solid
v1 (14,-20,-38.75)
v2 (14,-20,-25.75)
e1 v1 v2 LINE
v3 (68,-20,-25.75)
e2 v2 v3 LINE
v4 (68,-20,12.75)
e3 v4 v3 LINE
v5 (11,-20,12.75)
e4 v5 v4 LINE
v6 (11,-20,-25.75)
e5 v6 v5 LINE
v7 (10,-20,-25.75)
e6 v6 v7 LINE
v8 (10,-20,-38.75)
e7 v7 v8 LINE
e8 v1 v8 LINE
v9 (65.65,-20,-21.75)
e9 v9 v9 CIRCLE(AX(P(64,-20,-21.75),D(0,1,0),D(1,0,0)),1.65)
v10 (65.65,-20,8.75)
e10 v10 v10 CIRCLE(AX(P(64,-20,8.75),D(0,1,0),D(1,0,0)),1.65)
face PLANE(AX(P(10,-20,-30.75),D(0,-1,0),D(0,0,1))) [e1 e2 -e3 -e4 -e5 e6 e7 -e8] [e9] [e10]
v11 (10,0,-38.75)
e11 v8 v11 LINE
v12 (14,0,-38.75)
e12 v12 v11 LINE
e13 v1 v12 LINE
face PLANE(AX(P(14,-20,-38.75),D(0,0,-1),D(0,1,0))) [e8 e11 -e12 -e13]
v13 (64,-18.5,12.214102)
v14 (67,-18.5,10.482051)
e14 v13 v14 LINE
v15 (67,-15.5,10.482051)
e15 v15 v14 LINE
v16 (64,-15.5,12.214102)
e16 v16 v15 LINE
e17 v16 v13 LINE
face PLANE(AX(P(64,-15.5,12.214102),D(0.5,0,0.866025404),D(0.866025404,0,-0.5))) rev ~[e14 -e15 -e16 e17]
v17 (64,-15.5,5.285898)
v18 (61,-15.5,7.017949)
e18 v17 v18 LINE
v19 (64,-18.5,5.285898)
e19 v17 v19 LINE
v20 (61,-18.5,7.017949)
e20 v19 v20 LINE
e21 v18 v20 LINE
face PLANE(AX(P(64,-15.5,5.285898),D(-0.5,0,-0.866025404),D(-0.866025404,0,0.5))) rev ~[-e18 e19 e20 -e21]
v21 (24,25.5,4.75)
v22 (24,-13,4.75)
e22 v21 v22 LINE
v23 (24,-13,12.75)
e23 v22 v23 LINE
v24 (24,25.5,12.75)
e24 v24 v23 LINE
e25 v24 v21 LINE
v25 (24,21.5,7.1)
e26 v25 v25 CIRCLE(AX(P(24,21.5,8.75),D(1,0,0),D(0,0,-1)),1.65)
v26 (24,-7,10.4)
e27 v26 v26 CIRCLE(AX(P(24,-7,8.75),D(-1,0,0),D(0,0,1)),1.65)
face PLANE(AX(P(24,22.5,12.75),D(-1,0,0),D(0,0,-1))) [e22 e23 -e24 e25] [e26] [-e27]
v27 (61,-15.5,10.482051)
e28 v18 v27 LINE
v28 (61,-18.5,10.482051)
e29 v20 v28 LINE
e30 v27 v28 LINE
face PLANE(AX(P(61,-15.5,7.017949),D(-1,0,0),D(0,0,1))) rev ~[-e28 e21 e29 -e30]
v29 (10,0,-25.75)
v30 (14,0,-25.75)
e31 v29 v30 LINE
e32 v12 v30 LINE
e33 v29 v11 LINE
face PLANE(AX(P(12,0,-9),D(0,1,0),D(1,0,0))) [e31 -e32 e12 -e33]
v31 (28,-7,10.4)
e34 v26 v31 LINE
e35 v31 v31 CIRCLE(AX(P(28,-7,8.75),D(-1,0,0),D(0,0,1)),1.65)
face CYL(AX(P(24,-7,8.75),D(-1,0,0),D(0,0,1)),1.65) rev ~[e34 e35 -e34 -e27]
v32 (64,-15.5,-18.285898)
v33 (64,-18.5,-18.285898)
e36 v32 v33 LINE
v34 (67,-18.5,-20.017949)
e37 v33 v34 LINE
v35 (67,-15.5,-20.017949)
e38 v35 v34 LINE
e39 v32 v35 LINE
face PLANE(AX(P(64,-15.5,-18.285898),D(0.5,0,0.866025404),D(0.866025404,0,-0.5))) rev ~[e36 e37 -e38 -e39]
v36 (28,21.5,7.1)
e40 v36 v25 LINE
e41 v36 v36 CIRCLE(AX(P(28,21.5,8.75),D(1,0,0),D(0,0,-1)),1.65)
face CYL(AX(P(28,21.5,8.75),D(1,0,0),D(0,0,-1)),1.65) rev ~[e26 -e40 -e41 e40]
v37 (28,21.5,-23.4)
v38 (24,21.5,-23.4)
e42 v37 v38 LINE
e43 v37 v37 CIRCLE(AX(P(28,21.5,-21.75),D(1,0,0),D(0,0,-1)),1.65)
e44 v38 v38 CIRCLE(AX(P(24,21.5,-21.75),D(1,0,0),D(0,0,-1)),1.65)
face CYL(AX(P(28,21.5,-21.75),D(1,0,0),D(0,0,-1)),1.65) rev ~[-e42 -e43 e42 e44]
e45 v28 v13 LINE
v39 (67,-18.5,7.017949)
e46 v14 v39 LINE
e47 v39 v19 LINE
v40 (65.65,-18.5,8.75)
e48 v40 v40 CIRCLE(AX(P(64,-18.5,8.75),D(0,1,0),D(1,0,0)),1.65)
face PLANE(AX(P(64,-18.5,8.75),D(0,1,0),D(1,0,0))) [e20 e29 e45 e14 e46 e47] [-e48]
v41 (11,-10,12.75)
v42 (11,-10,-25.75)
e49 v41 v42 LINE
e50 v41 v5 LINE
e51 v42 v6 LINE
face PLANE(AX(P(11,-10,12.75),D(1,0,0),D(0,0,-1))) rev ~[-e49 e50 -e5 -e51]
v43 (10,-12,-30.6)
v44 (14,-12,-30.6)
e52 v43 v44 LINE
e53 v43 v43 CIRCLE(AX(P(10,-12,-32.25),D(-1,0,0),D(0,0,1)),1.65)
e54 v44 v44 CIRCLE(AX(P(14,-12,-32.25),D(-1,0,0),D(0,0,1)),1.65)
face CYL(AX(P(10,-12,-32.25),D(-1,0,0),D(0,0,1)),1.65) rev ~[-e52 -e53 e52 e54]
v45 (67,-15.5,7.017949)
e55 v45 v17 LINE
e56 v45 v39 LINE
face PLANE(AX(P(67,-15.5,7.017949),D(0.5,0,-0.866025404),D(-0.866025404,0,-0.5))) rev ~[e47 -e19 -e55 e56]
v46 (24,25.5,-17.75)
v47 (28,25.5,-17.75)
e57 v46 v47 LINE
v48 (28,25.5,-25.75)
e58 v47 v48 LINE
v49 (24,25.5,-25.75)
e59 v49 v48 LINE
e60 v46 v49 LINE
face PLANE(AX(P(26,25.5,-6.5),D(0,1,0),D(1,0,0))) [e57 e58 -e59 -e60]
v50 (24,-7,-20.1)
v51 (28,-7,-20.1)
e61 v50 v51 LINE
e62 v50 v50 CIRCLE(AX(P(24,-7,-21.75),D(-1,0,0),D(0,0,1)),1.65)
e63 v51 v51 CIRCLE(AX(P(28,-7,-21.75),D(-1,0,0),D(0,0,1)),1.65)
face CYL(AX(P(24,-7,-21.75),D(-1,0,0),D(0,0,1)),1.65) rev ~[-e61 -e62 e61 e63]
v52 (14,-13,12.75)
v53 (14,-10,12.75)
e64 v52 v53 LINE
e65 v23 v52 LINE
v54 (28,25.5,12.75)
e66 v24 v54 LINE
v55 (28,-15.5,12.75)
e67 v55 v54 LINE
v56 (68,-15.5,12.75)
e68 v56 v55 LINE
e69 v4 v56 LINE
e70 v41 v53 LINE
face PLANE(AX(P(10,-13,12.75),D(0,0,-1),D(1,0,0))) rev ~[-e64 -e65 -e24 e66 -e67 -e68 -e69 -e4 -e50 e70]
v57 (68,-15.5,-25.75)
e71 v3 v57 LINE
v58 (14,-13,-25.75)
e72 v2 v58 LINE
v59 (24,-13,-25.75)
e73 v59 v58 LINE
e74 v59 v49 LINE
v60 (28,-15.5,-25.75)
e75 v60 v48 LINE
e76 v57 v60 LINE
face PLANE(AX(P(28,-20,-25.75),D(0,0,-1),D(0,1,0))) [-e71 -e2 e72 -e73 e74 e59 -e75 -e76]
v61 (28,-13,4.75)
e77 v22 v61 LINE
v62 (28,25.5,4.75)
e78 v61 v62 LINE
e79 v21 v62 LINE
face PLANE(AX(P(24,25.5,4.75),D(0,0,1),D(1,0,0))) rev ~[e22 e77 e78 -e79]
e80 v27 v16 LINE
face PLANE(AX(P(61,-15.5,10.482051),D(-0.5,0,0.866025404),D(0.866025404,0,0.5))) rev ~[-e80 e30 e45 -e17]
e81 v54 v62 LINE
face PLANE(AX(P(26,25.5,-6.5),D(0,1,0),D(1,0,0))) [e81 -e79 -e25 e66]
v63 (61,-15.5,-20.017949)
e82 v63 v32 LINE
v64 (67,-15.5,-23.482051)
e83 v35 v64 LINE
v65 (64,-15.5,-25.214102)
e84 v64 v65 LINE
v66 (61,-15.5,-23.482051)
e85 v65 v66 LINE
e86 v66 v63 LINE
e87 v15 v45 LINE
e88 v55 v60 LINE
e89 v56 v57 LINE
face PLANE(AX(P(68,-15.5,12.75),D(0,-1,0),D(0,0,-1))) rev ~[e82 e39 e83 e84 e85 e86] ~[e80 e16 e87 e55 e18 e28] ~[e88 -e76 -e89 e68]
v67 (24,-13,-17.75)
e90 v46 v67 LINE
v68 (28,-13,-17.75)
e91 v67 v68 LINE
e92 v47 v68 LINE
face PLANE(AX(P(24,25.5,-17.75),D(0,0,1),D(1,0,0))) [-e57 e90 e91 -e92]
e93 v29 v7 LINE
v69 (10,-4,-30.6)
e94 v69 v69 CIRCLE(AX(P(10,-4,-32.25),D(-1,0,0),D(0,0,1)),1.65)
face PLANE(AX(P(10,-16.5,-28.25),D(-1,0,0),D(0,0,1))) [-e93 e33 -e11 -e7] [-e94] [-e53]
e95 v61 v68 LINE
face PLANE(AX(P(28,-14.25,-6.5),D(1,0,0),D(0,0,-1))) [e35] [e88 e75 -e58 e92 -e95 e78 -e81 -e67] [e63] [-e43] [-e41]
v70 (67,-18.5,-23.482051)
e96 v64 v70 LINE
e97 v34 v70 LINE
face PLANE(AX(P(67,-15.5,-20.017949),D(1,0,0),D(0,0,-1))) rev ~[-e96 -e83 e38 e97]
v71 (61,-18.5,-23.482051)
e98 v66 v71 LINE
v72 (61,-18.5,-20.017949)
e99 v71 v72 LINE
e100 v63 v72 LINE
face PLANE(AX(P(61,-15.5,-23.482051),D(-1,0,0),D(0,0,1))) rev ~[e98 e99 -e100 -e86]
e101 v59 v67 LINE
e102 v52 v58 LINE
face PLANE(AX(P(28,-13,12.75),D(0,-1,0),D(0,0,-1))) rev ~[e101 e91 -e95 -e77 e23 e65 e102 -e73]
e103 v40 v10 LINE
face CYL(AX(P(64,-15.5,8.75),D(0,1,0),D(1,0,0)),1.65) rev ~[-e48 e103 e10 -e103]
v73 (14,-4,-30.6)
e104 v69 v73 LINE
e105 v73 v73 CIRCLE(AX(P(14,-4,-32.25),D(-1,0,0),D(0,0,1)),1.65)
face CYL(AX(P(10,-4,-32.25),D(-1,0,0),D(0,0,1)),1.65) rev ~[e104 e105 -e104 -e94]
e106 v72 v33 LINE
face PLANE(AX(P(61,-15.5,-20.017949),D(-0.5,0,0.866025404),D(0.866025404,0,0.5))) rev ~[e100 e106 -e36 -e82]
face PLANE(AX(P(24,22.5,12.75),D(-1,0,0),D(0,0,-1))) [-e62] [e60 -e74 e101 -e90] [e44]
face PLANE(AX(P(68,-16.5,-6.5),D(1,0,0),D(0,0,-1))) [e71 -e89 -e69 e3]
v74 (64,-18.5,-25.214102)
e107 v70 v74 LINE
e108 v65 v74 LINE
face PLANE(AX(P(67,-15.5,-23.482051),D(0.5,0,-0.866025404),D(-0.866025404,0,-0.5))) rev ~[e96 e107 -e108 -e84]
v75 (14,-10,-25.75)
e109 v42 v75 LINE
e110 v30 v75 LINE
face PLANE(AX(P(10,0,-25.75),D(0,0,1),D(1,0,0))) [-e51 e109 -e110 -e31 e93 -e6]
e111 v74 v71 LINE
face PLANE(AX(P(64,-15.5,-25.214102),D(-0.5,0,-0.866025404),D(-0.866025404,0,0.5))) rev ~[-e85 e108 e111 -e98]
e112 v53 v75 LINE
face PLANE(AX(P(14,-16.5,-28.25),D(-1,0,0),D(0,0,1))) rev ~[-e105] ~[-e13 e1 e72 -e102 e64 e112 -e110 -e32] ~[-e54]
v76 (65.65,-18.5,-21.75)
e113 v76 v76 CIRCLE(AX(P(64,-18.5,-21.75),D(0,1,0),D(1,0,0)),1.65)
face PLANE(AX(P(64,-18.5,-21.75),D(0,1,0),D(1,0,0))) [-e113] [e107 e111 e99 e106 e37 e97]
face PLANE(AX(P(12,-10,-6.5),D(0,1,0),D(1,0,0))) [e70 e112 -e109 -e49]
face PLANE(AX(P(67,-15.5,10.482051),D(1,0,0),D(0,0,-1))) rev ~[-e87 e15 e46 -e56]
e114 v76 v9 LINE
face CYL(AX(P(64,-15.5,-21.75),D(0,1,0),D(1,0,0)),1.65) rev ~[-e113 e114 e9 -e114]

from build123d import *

# Parameters (mm, degrees)
SKETCH1_W                 = 13
SKETCH1_H                 = 16
BOSS_EXTRUDE1_DEPTH       = 4
SKETCH2_R                 = 1.65
CUT_EXTRUDE1_DEPTH        = 10
SKETCH3_W                 = 4
SKETCH3_H                 = 13
BOSS_EXTRUDE2_DEPTH       = 4
SKETCH4_W                 = 13
SKETCH4_H                 = 4
BOSS_EXTRUDE3_DEPTH       = 60
SKETCH6_W                 = 4
SKETCH6_H                 = 21
SKETCH6_H_2               = 13
BOSS_EXTRUDE4_DEPTH       = 28
SKETCH12_W                = 4
SKETCH12_H                = 28
BOSS_EXTRUDE8_DEPTH       = 1.65
SKETCH13_W                = 4
SKETCH13_H                = 28
BOSS_EXTRUDE9_DEPTH       = 1.65
SKETCH14_W                = 4
SKETCH14_H                = 35.878399396
CUT_EXTRUDE5_DEPTH        = 24
SKETCH15_R                = 1.65
CUT_EXTRUDE6_DEPTH        = 24
SKETCH16_W                = 4
SKETCH16_H                = 11.121600604
SKETCH16_H_2              = 11.3
BOSS_EXTRUDE10_DEPTH      = 29.15
SKETCH17_R                = 1.65
CUT_EXTRUDE8_DEPTH        = 29.15
SKETCH18_W                = 22.65
SKETCH18_H                = 4
SKETCH18_W_2              = 13
BOSS_EXTRUDE11_DEPTH      = 4
SKETCH19_W                = 4
SKETCH19_H                = 20
BOSS_EXTRUDE12_DEPTH      = 40
SKETCH20_R                = 1.65
CUT_EXTRUDE9_DEPTH        = 40
SKETCH21_W                = 4
SKETCH21_H                = 30.5
BOSS_EXTRUDE13_DEPTH      = 38.5
SKETCH23_W                = 4
SKETCH23_H                = 4
BOSS_EXTRUDE14_DEPTH      = 38.5
SKETCH24_W                = 4
SKETCH24_H                = 38.5
BOSS_EXTRUDE15_DEPTH      = 3
SKETCH27_W                = 4
SKETCH27_H                = 58.3
CUT_EXTRUDE10_DEPTH       = 100
SKETCH29_W                = 38.5
SKETCH29_H                = 7
BOSS_EXTRUDE16_DEPTH      = 40
BOSS_EXTRUDE16_DEPTH_BACK = 28
SKETCH30_R                = 1.65
CUT_EXTRUDE11_DEPTH       = 40
SKETCH31_W                = 4
SKETCH31_H                = 22.5
CUT_EXTRUDE12_DEPTH       = 38.5
SKETCH32_W                = 38.5
SKETCH32_H                = 2.5
CUT_EXTRUDE13_DEPTH       = 40
SKETCH33_W                = 4
SKETCH33_H                = 8
BOSS_EXTRUDE17_DEPTH      = 8
SKETCH34_R                = 1.65
CUT_EXTRUDE14_DEPTH       = 8
SKETCH35_W                = 4
SKETCH35_H                = 43.5
BOSS_EXTRUDE18_DEPTH      = 13
CUT_EXTRUDE15_START       = -20
SKETCH36_W                = 10
SKETCH36_H                = 80
CUT_EXTRUDE15_DEPTH       = 20
SKETCH37_W                = 5
SKETCH37_H                = 7
BOSS_EXTRUDE19_DEPTH      = 4
SKETCH41_W                = 13
SKETCH41_H                = 20
BOSS_EXTRUDE20_DEPTH      = 4
SKETCH42_R                = 1.65
CUT_EXTRUDE18_DEPTH       = 4
SKETCH43_W                = 4
SKETCH43_H                = 38.5
CUT_EXTRUDE19_DEPTH       = 10
SKETCH44_W                = 8
SKETCH44_H                = 9
BOSS_EXTRUDE21_DEPTH      = 4
SKETCH45_R                = 1.65
CUT_EXTRUDE20_DEPTH       = 4
CUT_EXTRUDE21_DEPTH       = 3
SKETCH49_R                = 1.65
CUT_EXTRUDE22_DEPTH       = 5
SKETCH54_W                = 1
SKETCH54_H                = 38.5
CUT_EXTRUDE24_DEPTH       = 50


with BuildPart() as part:
    # Sketch1 → Boss-Extrude1 (new body)
    with BuildSketch(Plane(origin=(0, 0, 0), x_dir=(0, 0, -1), z_dir=(1, 0, 0))):
        with Locations((6.5, -8)):
            Rectangle(SKETCH1_W, SKETCH1_H)
    extrude(amount=BOSS_EXTRUDE1_DEPTH)

    # Sketch2 → Cut-Extrude1 (cut)
    with BuildSketch(Plane(origin=(4, 0, 0), x_dir=(0, 0, -1), z_dir=(1, 0, 0))):
        with Locations((6.5, -4)):
            Circle(SKETCH2_R)
        with Locations((6.5, -12)):
            Circle(SKETCH2_R)
    extrude(amount=-CUT_EXTRUDE1_DEPTH, mode=Mode.SUBTRACT)

    # Sketch3 → Boss-Extrude2 (add)
    with BuildSketch(Plane.XZ.offset(16)):
        with Locations((2, -6.5)):
            Rectangle(SKETCH3_W, SKETCH3_H)
    extrude(amount=BOSS_EXTRUDE2_DEPTH)

    # Sketch4 → Boss-Extrude3 (add)
    with BuildSketch(Plane(origin=(4, 0, 0), x_dir=(0, 0, -1), z_dir=(1, 0, 0))):
        with Locations((6.5, -18)):
            Rectangle(SKETCH4_W, SKETCH4_H)
    extrude(amount=BOSS_EXTRUDE3_DEPTH)

    # Sketch6 → Boss-Extrude4 (add)
    with BuildSketch(Plane(origin=(0, -16, 0), x_dir=(1, 0, 0), z_dir=(0, 1, 0))):
        with Locations((62, -10.5)):
            Rectangle(SKETCH6_W, SKETCH6_H)
        with Locations((62, 23.5)):
            Rectangle(SKETCH6_W, SKETCH6_H)
        with Locations((62, 6.5)):
            Rectangle(SKETCH6_W, SKETCH6_H_2)
    extrude(amount=BOSS_EXTRUDE4_DEPTH)

    # Sketch12 → Boss-Extrude8 (add)
    with BuildSketch(Plane(origin=(0, 0, -34), x_dir=(-1, 0, 0), z_dir=(0, 0, -1))):
        with Locations((-62, -2)):
            Rectangle(SKETCH12_W, SKETCH12_H)
    extrude(amount=BOSS_EXTRUDE8_DEPTH)

    # Sketch13 → Boss-Extrude9 (add)
    with BuildSketch(Plane.XY.offset(21)):
        with Locations((62, -2)):
            Rectangle(SKETCH13_W, SKETCH13_H)
    extrude(amount=BOSS_EXTRUDE9_DEPTH)

    # Sketch14 → Cut-Extrude5 (cut)
    with BuildSketch(Plane(origin=(0, 12, 0), x_dir=(1, 0, 0), z_dir=(0, 1, 0))):
        with Locations((62, 6.410800302)):
            Rectangle(SKETCH14_W, SKETCH14_H)
    extrude(amount=-CUT_EXTRUDE5_DEPTH, mode=Mode.SUBTRACT)

    # Sketch15 → Cut-Extrude6 (cut)
    with BuildSketch(Plane(origin=(64, 0, 0), x_dir=(0, 0, -1), z_dir=(1, 0, 0))):
        with Locations((-17, -11.5)):
            Circle(SKETCH15_R)
        with Locations((30, -11.5)):
            Circle(SKETCH15_R)
    extrude(amount=-CUT_EXTRUDE6_DEPTH, mode=Mode.SUBTRACT)

    # Sketch16 → Boss-Extrude10 (add)
    with BuildSketch(Plane(origin=(0, 12, 0), x_dir=(1, 0, 0), z_dir=(0, 1, 0))):
        with Locations((62, -17.089199698)):
            Rectangle(SKETCH16_W, SKETCH16_H)
        with Locations((62, 30)):
            Rectangle(SKETCH16_W, SKETCH16_H_2)
    extrude(amount=BOSS_EXTRUDE10_DEPTH)

    # Sketch17 → Cut-Extrude8 (cut)
    with BuildSketch(Plane(origin=(64, 0, 0), x_dir=(0, 0, -1), z_dir=(1, 0, 0))):
        with Locations((-17, 35.5)):
            Circle(SKETCH17_R)
        with Locations((30, 35.5)):
            Circle(SKETCH17_R)
    extrude(amount=-CUT_EXTRUDE8_DEPTH, mode=Mode.SUBTRACT)

    # Sketch18 → Boss-Extrude11 (add)
    with BuildSketch(Plane(origin=(64, 0, 0), x_dir=(0, 0, -1), z_dir=(1, 0, 0))):
        with Locations((-11.325, -18)):
            Rectangle(SKETCH18_W, SKETCH18_H)
        with Locations((24.325, -18)):
            Rectangle(SKETCH18_W, SKETCH18_H)
        with Locations((6.5, -18)):
            Rectangle(SKETCH18_W_2, SKETCH18_H)
    extrude(amount=-BOSS_EXTRUDE11_DEPTH)

    # Sketch19 → Boss-Extrude12 (add)
    with BuildSketch(Plane(origin=(0, 0, -13), x_dir=(-1, 0, 0), z_dir=(0, 0, -1))):
        with Locations((-2, -10)):
            Rectangle(SKETCH19_W, SKETCH19_H)
    extrude(amount=BOSS_EXTRUDE12_DEPTH)

    # Sketch20 → Cut-Extrude9 (cut)
    with BuildSketch(Plane.ZY):
        with Locations((-46.5, -4)):
            Circle(SKETCH20_R)
        with Locations((-46.5, -12)):
            Circle(SKETCH20_R)
    extrude(amount=-CUT_EXTRUDE9_DEPTH, mode=Mode.SUBTRACT)

    # Sketch21 → Boss-Extrude13 (add)
    with BuildSketch(Plane(origin=(0, -16, 0), x_dir=(1, 0, 0), z_dir=(0, 1, 0))):
        with Locations((26, 6.5)):
            Rectangle(SKETCH21_W, SKETCH21_H)
    extrude(amount=BOSS_EXTRUDE13_DEPTH)

    # Sketch23 → Boss-Extrude14 (add)
    with BuildSketch(Plane(origin=(0, 22.5, 0), x_dir=(1, 0, 0), z_dir=(0, 1, 0))):
        with Locations((26, 23.75)):
            Rectangle(SKETCH23_W, SKETCH23_H)
        with Locations((26, -10.75)):
            Rectangle(SKETCH23_W, SKETCH23_H)
    extrude(amount=-BOSS_EXTRUDE14_DEPTH)

    # Sketch24 → Boss-Extrude15 (add)
    with BuildSketch(Plane(origin=(0, 22.5, 0), x_dir=(1, 0, 0), z_dir=(0, 1, 0))):
        with Locations((26, 6.5)):
            Rectangle(SKETCH24_W, SKETCH24_H)
    extrude(amount=BOSS_EXTRUDE15_DEPTH)

    # Sketch27 → Cut-Extrude10 (cut)
    with BuildSketch(Plane.XZ.offset(20)):
        with Locations((62, -6.5)):
            Rectangle(SKETCH27_W, SKETCH27_H)
    extrude(amount=-CUT_EXTRUDE10_DEPTH, mode=Mode.SUBTRACT)

    # Sketch29 → Boss-Extrude16 (add, two sides)
    with BuildSketch(Plane(origin=(28, 0, 0), x_dir=(0, 0, -1), z_dir=(1, 0, 0))) as boss_extrude16_sk:
        with Locations((6.5, -16.5)):
            Rectangle(SKETCH29_W, SKETCH29_H)
    extrude(amount=BOSS_EXTRUDE16_DEPTH)
    extrude(boss_extrude16_sk.sketch, amount=-BOSS_EXTRUDE16_DEPTH_BACK)

    # Sketch30 → Cut-Extrude11 (cut)
    with BuildSketch(Plane.ZY.offset(-24)):
        with Locations((8.75, 21.5)):
            Circle(SKETCH30_R)
        with Locations((8.75, -9)):
            Circle(SKETCH30_R)
        with Locations((-21.75, 21.5)):
            Circle(SKETCH30_R)
        with Locations((-21.75, -9)):
            Circle(SKETCH30_R)
    extrude(amount=-CUT_EXTRUDE11_DEPTH, mode=Mode.SUBTRACT)

    # Sketch31 → Cut-Extrude12 (cut)
    with BuildSketch(Plane(origin=(0, 25.5, 0), x_dir=(1, 0, 0), z_dir=(0, 1, 0))):
        with Locations((26, 6.5)):
            Rectangle(SKETCH31_W, SKETCH31_H)
    extrude(amount=-CUT_EXTRUDE12_DEPTH, mode=Mode.SUBTRACT)

    # Sketch32 → Cut-Extrude13 (cut)
    with BuildSketch(Plane(origin=(68, 0, 0), x_dir=(0, 0, -1), z_dir=(1, 0, 0))):
        with Locations((6.5, -14.25)):
            Rectangle(SKETCH32_W, SKETCH32_H)
    extrude(amount=-CUT_EXTRUDE13_DEPTH, mode=Mode.SUBTRACT)

    # Sketch33 → Boss-Extrude17 (add)
    with BuildSketch(Plane(origin=(0, 25.5, 0), x_dir=(1, 0, 0), z_dir=(0, 1, 0))):
        with Locations((26, -8.75)):
            Rectangle(SKETCH33_W, SKETCH33_H)
        with Locations((26, 21.75)):
            Rectangle(SKETCH33_W, SKETCH33_H)
    extrude(amount=-BOSS_EXTRUDE17_DEPTH)

    # Sketch34 → Cut-Extrude14 (cut)
    with BuildSketch(Plane(origin=(28, 0, 0), x_dir=(0, 0, -1), z_dir=(1, 0, 0))):
        with Locations((-8.75, 21.5)):
            Circle(SKETCH34_R)
        with Locations((21.75, 21.5)):
            Circle(SKETCH34_R)
    extrude(amount=-CUT_EXTRUDE14_DEPTH, mode=Mode.SUBTRACT)

    # Sketch35 → Boss-Extrude18 (add)
    with BuildSketch(Plane(origin=(0, -13, 0), x_dir=(1, 0, 0), z_dir=(0, 1, 0))):
        with Locations((12, 9)):
            Rectangle(SKETCH35_W, SKETCH35_H)
    extrude(amount=BOSS_EXTRUDE18_DEPTH)

    # Sketch36 → Cut-Extrude15 (cut)
    with BuildSketch(Plane.XZ.offset(20).offset(CUT_EXTRUDE15_START)):
        with Locations((5, -27.25)):
            Rectangle(SKETCH36_W, SKETCH36_H)
    extrude(amount=CUT_EXTRUDE15_DEPTH, mode=Mode.SUBTRACT)

    # Sketch37 → Boss-Extrude19 (add)
    with BuildSketch(Plane.ZY.offset(-10)):
        with Locations((-28.25, -16.5)):
            Rectangle(SKETCH37_W, SKETCH37_H)
    extrude(amount=-BOSS_EXTRUDE19_DEPTH)

    # Sketch41 → Boss-Extrude20 (add)
    with BuildSketch(Plane(origin=(14, 0, 0), x_dir=(0, 0, -1), z_dir=(1, 0, 0))):
        with Locations((32.25, -10)):
            Rectangle(SKETCH41_W, SKETCH41_H)
    extrude(amount=-BOSS_EXTRUDE20_DEPTH)

    # Sketch42 → Cut-Extrude18 (cut)
    with BuildSketch(Plane.ZY.offset(-10)):
        with Locations((-32.25, -4)):
            Circle(SKETCH42_R)
        with Locations((-32.25, -12)):
            Circle(SKETCH42_R)
    extrude(amount=-CUT_EXTRUDE18_DEPTH, mode=Mode.SUBTRACT)

    # Sketch43 → Cut-Extrude19 (cut)
    with BuildSketch(Plane(origin=(0, 0, 0), x_dir=(1, 0, 0), z_dir=(0, 1, 0))):
        with Locations((12, 6.5)):
            Rectangle(SKETCH43_W, SKETCH43_H)
    extrude(amount=-CUT_EXTRUDE19_DEPTH, mode=Mode.SUBTRACT)

    # Sketch44 → Boss-Extrude21 (add)
    with BuildSketch(Plane(origin=(28, 0, 0), x_dir=(0, 0, -1), z_dir=(1, 0, 0))):
        with Locations((-8.75, -11)):
            Rectangle(SKETCH44_W, SKETCH44_H)
        with Locations((21.75, -11)):
            Rectangle(SKETCH44_W, SKETCH44_H)
    extrude(amount=-BOSS_EXTRUDE21_DEPTH)

    # Sketch45 → Cut-Extrude20 (cut)
    with BuildSketch(Plane.ZY.offset(-24)):
        with Locations((-21.75, -7)):
            Circle(SKETCH45_R)
        with Locations((8.75, -7)):
            Circle(SKETCH45_R)
    extrude(amount=-CUT_EXTRUDE20_DEPTH, mode=Mode.SUBTRACT)

    # Sketch46 → Cut-Extrude21 (cut)
    with BuildSketch(Plane(origin=(0, -15.5, 0), x_dir=(1, 0, 0), z_dir=(0, 1, 0))):
        Polygon((64, 18.285898385), (67, 20.017949192), (67, 23.482050808), (64, 25.214101615), (61, 23.482050808), (61, 20.017949192), align=None)
        Polygon((64, -12.214101615), (67, -10.482050808), (67, -7.017949192), (64, -5.285898385), (61, -7.017949192), (61, -10.482050808), align=None)
    extrude(amount=-CUT_EXTRUDE21_DEPTH, mode=Mode.SUBTRACT)

    # Sketch49 → Cut-Extrude22 (cut)
    with BuildSketch(Plane(origin=(0, -15.5, 0), x_dir=(1, 0, 0), z_dir=(0, 1, 0))):
        with Locations((64, 21.75)):
            Circle(SKETCH49_R)
        with Locations((64, -8.75)):
            Circle(SKETCH49_R)
    extrude(amount=-CUT_EXTRUDE22_DEPTH, mode=Mode.SUBTRACT)

    # Sketch54 → Cut-Extrude24 (cut)
    with BuildSketch(Plane(origin=(0, -10, 0), x_dir=(1, 0, 0), z_dir=(0, 1, 0))):
        with Locations((10.5, 6.5)):
            Rectangle(SKETCH54_W, SKETCH54_H)
    extrude(amount=-CUT_EXTRUDE24_DEPTH, mode=Mode.SUBTRACT)


solid = part.part
